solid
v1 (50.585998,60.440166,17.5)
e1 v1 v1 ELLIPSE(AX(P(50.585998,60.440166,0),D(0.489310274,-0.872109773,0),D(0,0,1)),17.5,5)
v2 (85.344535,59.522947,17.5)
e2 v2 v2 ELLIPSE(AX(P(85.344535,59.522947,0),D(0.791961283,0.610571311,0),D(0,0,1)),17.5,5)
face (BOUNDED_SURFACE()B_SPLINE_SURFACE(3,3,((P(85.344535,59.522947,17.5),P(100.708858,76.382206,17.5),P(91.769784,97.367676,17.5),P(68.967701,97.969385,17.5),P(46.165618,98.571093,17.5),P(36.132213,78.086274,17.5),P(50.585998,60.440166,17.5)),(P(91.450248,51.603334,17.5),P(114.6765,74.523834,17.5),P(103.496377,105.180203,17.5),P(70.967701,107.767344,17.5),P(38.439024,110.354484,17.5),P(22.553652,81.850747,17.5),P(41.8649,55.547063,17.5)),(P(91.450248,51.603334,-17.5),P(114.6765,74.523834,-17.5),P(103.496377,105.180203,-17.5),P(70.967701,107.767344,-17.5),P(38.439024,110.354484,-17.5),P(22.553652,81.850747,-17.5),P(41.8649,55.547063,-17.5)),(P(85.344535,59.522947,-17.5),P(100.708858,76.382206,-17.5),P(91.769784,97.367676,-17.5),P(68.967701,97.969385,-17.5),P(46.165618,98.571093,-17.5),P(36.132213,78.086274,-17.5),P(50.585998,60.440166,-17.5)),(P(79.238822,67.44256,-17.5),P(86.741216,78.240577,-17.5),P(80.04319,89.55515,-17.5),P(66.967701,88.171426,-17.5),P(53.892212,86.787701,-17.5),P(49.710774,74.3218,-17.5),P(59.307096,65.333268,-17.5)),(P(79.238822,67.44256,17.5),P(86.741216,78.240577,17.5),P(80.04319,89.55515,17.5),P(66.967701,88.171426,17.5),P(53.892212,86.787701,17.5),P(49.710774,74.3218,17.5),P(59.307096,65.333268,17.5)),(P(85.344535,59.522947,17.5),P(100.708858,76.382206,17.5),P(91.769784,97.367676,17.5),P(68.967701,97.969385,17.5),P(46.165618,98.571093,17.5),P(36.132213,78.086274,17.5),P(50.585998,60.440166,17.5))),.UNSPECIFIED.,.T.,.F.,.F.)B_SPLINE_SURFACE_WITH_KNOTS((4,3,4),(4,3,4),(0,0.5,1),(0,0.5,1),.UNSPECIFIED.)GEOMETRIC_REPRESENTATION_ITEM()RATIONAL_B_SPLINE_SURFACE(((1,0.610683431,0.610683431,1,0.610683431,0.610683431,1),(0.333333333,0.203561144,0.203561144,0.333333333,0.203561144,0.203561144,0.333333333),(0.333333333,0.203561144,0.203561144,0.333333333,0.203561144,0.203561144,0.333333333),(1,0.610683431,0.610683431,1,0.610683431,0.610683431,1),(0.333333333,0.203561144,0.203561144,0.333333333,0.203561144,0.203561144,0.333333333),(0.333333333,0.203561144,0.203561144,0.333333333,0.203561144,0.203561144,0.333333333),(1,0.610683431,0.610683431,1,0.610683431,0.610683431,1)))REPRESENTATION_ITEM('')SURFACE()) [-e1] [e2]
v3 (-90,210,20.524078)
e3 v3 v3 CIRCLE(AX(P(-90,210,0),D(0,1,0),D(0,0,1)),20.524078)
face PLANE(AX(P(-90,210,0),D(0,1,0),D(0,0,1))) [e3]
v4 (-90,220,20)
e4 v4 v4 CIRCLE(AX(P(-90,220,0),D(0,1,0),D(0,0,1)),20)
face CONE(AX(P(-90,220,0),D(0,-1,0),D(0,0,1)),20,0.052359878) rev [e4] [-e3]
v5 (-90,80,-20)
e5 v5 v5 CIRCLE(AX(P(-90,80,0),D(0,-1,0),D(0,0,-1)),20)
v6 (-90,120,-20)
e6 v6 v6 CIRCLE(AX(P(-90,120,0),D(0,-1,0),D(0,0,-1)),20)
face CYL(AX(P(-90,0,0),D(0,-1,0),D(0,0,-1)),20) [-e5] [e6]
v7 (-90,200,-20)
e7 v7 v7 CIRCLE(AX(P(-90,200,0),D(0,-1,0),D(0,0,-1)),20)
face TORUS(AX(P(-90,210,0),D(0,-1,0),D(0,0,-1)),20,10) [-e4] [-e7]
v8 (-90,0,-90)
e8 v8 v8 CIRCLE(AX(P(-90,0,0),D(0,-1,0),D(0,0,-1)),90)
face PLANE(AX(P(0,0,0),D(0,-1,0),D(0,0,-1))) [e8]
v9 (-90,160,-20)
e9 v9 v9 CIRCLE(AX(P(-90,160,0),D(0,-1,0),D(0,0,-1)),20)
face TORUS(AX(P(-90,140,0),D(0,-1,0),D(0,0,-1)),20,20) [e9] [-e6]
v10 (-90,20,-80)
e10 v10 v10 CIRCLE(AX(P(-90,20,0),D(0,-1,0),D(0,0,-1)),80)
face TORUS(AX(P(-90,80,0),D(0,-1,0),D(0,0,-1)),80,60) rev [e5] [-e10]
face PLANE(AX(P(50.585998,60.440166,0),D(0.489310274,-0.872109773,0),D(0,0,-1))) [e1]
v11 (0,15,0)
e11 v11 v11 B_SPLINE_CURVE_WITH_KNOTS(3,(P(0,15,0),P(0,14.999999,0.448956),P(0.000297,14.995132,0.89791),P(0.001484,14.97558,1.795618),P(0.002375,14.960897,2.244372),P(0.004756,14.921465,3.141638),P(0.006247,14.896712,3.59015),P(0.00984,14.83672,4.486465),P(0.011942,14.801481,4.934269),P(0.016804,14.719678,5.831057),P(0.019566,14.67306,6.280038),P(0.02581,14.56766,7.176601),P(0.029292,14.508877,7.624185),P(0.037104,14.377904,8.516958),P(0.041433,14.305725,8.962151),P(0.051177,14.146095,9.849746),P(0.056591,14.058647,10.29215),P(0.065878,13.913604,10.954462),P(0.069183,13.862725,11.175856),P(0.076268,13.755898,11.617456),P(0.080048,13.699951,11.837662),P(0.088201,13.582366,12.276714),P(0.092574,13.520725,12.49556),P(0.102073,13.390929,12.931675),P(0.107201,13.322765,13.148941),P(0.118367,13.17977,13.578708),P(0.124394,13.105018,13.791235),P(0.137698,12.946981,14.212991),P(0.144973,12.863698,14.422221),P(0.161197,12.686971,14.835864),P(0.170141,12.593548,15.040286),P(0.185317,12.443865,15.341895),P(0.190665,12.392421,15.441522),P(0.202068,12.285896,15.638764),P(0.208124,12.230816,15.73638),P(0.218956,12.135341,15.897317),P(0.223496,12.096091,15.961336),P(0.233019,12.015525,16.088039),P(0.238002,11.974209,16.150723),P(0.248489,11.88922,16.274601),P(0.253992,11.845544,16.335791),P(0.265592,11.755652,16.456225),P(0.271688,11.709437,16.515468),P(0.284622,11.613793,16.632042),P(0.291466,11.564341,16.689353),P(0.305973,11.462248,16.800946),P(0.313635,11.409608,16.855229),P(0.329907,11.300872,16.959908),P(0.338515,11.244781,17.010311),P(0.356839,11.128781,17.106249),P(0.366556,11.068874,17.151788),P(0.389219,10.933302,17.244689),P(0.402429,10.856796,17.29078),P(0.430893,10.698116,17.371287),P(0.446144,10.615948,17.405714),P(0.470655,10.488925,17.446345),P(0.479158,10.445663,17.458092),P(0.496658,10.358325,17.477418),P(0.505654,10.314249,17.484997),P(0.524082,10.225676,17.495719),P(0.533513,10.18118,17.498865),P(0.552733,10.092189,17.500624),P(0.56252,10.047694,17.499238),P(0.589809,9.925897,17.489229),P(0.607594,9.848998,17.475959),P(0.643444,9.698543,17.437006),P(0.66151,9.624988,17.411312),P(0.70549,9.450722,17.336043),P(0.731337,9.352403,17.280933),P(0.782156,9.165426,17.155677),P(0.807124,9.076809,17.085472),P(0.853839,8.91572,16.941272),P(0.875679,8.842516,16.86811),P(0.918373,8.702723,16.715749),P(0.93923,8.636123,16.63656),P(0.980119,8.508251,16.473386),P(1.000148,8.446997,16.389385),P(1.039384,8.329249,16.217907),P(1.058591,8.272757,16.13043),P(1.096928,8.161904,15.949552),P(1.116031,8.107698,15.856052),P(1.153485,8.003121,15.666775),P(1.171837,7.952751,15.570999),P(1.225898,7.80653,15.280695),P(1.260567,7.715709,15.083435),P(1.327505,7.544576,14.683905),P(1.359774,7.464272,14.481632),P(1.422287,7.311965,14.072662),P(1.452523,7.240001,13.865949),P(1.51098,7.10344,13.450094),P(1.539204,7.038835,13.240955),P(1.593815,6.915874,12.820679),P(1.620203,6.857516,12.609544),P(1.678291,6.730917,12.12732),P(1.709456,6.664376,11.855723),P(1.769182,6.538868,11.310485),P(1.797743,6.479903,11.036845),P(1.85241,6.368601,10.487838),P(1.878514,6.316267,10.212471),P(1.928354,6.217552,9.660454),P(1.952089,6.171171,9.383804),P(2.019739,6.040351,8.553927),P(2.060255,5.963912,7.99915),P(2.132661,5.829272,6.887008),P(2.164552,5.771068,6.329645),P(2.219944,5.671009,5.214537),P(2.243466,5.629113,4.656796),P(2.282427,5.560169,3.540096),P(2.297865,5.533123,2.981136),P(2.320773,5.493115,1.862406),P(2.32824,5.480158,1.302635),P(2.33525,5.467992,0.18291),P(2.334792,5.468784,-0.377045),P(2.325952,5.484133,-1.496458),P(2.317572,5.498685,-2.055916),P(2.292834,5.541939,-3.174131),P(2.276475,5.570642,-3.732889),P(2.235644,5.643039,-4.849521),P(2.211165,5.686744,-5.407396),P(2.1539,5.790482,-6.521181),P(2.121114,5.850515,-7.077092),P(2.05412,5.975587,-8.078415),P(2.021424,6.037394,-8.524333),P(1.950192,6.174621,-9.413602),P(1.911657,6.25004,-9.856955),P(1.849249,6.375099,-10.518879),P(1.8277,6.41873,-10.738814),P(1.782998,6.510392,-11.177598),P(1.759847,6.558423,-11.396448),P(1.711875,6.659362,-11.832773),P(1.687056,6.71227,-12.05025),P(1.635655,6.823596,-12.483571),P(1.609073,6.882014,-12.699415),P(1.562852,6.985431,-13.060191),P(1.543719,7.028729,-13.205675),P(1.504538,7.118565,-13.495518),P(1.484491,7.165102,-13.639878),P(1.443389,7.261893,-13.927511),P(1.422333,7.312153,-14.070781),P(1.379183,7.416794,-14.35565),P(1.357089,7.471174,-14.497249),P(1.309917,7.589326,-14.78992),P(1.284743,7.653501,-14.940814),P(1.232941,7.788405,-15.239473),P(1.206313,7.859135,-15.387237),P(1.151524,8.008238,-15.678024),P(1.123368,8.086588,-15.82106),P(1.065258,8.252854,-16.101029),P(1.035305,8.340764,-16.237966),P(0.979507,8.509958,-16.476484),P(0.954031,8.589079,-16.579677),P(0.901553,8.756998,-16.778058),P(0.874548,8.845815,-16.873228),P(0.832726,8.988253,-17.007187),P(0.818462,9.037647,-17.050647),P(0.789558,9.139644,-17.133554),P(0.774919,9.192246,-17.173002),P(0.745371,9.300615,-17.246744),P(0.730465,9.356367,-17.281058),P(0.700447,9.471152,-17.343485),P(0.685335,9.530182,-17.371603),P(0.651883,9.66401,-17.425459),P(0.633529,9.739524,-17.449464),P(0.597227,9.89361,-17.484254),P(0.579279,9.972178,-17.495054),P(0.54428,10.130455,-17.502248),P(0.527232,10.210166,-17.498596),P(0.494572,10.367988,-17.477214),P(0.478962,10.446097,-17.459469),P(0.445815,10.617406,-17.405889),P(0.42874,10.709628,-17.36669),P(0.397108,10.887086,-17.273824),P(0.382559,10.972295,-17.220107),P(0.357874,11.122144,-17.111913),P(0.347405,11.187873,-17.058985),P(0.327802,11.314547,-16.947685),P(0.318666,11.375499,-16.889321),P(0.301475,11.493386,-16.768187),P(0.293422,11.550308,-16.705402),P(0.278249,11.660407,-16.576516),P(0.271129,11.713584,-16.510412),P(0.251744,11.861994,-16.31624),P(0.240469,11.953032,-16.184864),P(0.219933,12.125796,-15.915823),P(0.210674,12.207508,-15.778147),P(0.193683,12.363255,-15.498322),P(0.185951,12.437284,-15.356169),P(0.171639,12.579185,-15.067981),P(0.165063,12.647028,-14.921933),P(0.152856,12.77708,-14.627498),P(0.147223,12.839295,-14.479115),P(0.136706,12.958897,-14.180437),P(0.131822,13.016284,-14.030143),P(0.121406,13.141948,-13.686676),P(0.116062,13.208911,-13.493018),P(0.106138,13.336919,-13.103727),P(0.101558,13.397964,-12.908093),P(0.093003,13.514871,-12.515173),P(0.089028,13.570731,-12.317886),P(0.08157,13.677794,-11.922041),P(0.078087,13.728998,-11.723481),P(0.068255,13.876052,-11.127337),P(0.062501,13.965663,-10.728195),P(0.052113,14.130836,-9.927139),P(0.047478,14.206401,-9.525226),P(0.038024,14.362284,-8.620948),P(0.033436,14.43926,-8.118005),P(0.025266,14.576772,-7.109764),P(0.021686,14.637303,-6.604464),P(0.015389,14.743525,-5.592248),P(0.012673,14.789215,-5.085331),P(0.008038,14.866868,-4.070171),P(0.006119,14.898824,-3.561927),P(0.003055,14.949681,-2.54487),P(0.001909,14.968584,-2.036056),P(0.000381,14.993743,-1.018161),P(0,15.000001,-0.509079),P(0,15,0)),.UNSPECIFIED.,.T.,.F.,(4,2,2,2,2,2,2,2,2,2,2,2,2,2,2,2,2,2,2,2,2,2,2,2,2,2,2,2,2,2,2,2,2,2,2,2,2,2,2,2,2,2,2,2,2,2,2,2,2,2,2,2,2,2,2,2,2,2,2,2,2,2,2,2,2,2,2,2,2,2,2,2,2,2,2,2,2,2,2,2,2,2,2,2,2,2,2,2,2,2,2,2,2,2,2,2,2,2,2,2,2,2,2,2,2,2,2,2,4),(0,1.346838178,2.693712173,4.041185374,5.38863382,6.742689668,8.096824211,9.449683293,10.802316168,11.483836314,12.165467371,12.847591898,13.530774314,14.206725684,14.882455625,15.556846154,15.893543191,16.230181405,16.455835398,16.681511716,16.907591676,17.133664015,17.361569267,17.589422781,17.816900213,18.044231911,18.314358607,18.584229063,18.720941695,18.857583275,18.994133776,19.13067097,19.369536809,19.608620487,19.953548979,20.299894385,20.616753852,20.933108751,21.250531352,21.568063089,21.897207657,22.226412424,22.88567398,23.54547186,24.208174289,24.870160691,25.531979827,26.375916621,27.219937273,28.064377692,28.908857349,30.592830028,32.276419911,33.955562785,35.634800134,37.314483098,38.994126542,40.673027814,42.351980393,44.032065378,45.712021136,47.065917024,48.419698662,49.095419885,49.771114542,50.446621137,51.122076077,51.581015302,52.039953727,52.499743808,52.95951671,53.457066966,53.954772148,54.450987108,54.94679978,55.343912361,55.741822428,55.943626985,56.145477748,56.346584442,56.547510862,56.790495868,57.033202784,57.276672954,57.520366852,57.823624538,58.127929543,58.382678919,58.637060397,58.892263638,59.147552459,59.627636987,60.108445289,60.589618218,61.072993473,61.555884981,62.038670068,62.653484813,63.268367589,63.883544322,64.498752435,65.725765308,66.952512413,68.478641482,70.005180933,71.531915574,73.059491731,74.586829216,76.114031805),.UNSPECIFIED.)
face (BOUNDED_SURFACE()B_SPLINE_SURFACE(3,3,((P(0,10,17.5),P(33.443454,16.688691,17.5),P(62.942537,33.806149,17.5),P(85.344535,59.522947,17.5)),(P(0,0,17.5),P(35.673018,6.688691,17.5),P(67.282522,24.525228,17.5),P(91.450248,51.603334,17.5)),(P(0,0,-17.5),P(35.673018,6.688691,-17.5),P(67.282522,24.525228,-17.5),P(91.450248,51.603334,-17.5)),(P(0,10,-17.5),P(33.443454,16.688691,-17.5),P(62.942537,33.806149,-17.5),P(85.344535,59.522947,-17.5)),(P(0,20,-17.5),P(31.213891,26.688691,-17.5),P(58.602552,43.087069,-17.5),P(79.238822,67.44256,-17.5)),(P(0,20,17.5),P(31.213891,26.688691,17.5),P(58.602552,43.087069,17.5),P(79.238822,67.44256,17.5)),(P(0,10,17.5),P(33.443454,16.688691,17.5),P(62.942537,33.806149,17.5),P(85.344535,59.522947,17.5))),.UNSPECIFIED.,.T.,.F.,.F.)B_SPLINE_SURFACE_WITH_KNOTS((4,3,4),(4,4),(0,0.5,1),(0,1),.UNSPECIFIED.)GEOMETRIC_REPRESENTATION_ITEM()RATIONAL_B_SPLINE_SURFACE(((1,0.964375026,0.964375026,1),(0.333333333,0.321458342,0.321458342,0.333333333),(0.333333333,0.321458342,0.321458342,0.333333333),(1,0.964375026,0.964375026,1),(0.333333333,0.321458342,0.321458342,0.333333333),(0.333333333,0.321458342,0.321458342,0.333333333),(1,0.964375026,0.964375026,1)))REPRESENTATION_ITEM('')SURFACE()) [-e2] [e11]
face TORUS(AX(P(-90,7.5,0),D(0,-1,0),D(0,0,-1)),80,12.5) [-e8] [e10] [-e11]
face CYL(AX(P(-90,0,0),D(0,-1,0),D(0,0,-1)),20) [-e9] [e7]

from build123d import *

# Parameters (mm, degrees)
SKETCH4_RX         = 17.5
SKETCH4_RY         = 5
SKETCH5_R          = 20
CUT_EXTRUDE1_DEPTH = 10
CUT_EXTRUDE1_DRAFT = 3


with BuildPart() as part:
    # Sketch1 → Revolve1 (revolve)
    with BuildSketch(Plane.XY, mode=Mode.PRIVATE) as revolve1_sk:
        with BuildLine():
            Line((0, 0), (-90, 0))
            Line((-90, 0), (-90, 220))
            Line((-90, 220), (-70, 220))
            ThreePointArc((-70, 220), (-60, 210), (-70, 200))
            Line((-70, 200), (-70, 160))
            ThreePointArc((-70, 160), (-50, 140), (-70, 120))
            Line((-70, 120), (-70, 80))
            ThreePointArc((-70, 80), (-52.426406871, 37.573593129), (-10, 20))
            ThreePointArc((-10, 20), (1.180339887, 13.090169944), (0, 0))
        make_face()
    revolve(revolve1_sk.sketch.rotate(Axis((-90, 0, 0), (0, 1, 0)), 90), axis=Axis((-90, 0, 0), (0, 1, 0)))

    # Sweep1: sweep along a path in Sketch2
    with BuildLine(Plane.XY) as sweep1_path:
        ThreePointArc((0, 13.030615433), (45.797489485, 30.559895752), (83.494128305, 61.923076923))
        ThreePointArc((83.494128305, 61.923076923), (68.361577865, 95), (53.229027424, 61.923076923))
    # Sketch4 → Sweep1 (sweep)
    with BuildSketch(Plane(origin=(0, 0, 0), x_dir=(0, 0, -1), z_dir=(1, 0, 0))):
        with Locations(Location((0, 10), (0, 0, 180))):
            Ellipse(SKETCH4_RX, SKETCH4_RY)
    sweep(path=sweep1_path.line)


with BuildPart() as cut_extrude1_tool:
    # Sketch5 → Cut-Extrude1 (with draft: the straight prism first)
    with BuildSketch(Plane(origin=(0, 220, 0), x_dir=(1, 0, 0), z_dir=(0, 1, 0))):
        with Locations(Location((-90, 0, 0), (0, 0, 90))):
            Circle(SKETCH5_R)
    extrude(amount=-CUT_EXTRUDE1_DEPTH)
    # Cut-Extrude1: the draft: its side faces are tilted about the plane it starts from
    cut_extrude1_sides = [cut_extrude1_tool.faces().sort_by_distance(p)[0] for p in [
        (-90, 215, 20),
    ]]
    draft(cut_extrude1_sides, Plane(origin=(0, 220, 0), x_dir=(1, 0, 0), z_dir=(0, 1, 0)), CUT_EXTRUDE1_DRAFT)


with BuildPart() as part_1:
    add(part.part)

    # Cut-Extrude1: cut by cut_extrude1_tool
    add(cut_extrude1_tool.part, mode=Mode.SUBTRACT)


solid = part_1.part
